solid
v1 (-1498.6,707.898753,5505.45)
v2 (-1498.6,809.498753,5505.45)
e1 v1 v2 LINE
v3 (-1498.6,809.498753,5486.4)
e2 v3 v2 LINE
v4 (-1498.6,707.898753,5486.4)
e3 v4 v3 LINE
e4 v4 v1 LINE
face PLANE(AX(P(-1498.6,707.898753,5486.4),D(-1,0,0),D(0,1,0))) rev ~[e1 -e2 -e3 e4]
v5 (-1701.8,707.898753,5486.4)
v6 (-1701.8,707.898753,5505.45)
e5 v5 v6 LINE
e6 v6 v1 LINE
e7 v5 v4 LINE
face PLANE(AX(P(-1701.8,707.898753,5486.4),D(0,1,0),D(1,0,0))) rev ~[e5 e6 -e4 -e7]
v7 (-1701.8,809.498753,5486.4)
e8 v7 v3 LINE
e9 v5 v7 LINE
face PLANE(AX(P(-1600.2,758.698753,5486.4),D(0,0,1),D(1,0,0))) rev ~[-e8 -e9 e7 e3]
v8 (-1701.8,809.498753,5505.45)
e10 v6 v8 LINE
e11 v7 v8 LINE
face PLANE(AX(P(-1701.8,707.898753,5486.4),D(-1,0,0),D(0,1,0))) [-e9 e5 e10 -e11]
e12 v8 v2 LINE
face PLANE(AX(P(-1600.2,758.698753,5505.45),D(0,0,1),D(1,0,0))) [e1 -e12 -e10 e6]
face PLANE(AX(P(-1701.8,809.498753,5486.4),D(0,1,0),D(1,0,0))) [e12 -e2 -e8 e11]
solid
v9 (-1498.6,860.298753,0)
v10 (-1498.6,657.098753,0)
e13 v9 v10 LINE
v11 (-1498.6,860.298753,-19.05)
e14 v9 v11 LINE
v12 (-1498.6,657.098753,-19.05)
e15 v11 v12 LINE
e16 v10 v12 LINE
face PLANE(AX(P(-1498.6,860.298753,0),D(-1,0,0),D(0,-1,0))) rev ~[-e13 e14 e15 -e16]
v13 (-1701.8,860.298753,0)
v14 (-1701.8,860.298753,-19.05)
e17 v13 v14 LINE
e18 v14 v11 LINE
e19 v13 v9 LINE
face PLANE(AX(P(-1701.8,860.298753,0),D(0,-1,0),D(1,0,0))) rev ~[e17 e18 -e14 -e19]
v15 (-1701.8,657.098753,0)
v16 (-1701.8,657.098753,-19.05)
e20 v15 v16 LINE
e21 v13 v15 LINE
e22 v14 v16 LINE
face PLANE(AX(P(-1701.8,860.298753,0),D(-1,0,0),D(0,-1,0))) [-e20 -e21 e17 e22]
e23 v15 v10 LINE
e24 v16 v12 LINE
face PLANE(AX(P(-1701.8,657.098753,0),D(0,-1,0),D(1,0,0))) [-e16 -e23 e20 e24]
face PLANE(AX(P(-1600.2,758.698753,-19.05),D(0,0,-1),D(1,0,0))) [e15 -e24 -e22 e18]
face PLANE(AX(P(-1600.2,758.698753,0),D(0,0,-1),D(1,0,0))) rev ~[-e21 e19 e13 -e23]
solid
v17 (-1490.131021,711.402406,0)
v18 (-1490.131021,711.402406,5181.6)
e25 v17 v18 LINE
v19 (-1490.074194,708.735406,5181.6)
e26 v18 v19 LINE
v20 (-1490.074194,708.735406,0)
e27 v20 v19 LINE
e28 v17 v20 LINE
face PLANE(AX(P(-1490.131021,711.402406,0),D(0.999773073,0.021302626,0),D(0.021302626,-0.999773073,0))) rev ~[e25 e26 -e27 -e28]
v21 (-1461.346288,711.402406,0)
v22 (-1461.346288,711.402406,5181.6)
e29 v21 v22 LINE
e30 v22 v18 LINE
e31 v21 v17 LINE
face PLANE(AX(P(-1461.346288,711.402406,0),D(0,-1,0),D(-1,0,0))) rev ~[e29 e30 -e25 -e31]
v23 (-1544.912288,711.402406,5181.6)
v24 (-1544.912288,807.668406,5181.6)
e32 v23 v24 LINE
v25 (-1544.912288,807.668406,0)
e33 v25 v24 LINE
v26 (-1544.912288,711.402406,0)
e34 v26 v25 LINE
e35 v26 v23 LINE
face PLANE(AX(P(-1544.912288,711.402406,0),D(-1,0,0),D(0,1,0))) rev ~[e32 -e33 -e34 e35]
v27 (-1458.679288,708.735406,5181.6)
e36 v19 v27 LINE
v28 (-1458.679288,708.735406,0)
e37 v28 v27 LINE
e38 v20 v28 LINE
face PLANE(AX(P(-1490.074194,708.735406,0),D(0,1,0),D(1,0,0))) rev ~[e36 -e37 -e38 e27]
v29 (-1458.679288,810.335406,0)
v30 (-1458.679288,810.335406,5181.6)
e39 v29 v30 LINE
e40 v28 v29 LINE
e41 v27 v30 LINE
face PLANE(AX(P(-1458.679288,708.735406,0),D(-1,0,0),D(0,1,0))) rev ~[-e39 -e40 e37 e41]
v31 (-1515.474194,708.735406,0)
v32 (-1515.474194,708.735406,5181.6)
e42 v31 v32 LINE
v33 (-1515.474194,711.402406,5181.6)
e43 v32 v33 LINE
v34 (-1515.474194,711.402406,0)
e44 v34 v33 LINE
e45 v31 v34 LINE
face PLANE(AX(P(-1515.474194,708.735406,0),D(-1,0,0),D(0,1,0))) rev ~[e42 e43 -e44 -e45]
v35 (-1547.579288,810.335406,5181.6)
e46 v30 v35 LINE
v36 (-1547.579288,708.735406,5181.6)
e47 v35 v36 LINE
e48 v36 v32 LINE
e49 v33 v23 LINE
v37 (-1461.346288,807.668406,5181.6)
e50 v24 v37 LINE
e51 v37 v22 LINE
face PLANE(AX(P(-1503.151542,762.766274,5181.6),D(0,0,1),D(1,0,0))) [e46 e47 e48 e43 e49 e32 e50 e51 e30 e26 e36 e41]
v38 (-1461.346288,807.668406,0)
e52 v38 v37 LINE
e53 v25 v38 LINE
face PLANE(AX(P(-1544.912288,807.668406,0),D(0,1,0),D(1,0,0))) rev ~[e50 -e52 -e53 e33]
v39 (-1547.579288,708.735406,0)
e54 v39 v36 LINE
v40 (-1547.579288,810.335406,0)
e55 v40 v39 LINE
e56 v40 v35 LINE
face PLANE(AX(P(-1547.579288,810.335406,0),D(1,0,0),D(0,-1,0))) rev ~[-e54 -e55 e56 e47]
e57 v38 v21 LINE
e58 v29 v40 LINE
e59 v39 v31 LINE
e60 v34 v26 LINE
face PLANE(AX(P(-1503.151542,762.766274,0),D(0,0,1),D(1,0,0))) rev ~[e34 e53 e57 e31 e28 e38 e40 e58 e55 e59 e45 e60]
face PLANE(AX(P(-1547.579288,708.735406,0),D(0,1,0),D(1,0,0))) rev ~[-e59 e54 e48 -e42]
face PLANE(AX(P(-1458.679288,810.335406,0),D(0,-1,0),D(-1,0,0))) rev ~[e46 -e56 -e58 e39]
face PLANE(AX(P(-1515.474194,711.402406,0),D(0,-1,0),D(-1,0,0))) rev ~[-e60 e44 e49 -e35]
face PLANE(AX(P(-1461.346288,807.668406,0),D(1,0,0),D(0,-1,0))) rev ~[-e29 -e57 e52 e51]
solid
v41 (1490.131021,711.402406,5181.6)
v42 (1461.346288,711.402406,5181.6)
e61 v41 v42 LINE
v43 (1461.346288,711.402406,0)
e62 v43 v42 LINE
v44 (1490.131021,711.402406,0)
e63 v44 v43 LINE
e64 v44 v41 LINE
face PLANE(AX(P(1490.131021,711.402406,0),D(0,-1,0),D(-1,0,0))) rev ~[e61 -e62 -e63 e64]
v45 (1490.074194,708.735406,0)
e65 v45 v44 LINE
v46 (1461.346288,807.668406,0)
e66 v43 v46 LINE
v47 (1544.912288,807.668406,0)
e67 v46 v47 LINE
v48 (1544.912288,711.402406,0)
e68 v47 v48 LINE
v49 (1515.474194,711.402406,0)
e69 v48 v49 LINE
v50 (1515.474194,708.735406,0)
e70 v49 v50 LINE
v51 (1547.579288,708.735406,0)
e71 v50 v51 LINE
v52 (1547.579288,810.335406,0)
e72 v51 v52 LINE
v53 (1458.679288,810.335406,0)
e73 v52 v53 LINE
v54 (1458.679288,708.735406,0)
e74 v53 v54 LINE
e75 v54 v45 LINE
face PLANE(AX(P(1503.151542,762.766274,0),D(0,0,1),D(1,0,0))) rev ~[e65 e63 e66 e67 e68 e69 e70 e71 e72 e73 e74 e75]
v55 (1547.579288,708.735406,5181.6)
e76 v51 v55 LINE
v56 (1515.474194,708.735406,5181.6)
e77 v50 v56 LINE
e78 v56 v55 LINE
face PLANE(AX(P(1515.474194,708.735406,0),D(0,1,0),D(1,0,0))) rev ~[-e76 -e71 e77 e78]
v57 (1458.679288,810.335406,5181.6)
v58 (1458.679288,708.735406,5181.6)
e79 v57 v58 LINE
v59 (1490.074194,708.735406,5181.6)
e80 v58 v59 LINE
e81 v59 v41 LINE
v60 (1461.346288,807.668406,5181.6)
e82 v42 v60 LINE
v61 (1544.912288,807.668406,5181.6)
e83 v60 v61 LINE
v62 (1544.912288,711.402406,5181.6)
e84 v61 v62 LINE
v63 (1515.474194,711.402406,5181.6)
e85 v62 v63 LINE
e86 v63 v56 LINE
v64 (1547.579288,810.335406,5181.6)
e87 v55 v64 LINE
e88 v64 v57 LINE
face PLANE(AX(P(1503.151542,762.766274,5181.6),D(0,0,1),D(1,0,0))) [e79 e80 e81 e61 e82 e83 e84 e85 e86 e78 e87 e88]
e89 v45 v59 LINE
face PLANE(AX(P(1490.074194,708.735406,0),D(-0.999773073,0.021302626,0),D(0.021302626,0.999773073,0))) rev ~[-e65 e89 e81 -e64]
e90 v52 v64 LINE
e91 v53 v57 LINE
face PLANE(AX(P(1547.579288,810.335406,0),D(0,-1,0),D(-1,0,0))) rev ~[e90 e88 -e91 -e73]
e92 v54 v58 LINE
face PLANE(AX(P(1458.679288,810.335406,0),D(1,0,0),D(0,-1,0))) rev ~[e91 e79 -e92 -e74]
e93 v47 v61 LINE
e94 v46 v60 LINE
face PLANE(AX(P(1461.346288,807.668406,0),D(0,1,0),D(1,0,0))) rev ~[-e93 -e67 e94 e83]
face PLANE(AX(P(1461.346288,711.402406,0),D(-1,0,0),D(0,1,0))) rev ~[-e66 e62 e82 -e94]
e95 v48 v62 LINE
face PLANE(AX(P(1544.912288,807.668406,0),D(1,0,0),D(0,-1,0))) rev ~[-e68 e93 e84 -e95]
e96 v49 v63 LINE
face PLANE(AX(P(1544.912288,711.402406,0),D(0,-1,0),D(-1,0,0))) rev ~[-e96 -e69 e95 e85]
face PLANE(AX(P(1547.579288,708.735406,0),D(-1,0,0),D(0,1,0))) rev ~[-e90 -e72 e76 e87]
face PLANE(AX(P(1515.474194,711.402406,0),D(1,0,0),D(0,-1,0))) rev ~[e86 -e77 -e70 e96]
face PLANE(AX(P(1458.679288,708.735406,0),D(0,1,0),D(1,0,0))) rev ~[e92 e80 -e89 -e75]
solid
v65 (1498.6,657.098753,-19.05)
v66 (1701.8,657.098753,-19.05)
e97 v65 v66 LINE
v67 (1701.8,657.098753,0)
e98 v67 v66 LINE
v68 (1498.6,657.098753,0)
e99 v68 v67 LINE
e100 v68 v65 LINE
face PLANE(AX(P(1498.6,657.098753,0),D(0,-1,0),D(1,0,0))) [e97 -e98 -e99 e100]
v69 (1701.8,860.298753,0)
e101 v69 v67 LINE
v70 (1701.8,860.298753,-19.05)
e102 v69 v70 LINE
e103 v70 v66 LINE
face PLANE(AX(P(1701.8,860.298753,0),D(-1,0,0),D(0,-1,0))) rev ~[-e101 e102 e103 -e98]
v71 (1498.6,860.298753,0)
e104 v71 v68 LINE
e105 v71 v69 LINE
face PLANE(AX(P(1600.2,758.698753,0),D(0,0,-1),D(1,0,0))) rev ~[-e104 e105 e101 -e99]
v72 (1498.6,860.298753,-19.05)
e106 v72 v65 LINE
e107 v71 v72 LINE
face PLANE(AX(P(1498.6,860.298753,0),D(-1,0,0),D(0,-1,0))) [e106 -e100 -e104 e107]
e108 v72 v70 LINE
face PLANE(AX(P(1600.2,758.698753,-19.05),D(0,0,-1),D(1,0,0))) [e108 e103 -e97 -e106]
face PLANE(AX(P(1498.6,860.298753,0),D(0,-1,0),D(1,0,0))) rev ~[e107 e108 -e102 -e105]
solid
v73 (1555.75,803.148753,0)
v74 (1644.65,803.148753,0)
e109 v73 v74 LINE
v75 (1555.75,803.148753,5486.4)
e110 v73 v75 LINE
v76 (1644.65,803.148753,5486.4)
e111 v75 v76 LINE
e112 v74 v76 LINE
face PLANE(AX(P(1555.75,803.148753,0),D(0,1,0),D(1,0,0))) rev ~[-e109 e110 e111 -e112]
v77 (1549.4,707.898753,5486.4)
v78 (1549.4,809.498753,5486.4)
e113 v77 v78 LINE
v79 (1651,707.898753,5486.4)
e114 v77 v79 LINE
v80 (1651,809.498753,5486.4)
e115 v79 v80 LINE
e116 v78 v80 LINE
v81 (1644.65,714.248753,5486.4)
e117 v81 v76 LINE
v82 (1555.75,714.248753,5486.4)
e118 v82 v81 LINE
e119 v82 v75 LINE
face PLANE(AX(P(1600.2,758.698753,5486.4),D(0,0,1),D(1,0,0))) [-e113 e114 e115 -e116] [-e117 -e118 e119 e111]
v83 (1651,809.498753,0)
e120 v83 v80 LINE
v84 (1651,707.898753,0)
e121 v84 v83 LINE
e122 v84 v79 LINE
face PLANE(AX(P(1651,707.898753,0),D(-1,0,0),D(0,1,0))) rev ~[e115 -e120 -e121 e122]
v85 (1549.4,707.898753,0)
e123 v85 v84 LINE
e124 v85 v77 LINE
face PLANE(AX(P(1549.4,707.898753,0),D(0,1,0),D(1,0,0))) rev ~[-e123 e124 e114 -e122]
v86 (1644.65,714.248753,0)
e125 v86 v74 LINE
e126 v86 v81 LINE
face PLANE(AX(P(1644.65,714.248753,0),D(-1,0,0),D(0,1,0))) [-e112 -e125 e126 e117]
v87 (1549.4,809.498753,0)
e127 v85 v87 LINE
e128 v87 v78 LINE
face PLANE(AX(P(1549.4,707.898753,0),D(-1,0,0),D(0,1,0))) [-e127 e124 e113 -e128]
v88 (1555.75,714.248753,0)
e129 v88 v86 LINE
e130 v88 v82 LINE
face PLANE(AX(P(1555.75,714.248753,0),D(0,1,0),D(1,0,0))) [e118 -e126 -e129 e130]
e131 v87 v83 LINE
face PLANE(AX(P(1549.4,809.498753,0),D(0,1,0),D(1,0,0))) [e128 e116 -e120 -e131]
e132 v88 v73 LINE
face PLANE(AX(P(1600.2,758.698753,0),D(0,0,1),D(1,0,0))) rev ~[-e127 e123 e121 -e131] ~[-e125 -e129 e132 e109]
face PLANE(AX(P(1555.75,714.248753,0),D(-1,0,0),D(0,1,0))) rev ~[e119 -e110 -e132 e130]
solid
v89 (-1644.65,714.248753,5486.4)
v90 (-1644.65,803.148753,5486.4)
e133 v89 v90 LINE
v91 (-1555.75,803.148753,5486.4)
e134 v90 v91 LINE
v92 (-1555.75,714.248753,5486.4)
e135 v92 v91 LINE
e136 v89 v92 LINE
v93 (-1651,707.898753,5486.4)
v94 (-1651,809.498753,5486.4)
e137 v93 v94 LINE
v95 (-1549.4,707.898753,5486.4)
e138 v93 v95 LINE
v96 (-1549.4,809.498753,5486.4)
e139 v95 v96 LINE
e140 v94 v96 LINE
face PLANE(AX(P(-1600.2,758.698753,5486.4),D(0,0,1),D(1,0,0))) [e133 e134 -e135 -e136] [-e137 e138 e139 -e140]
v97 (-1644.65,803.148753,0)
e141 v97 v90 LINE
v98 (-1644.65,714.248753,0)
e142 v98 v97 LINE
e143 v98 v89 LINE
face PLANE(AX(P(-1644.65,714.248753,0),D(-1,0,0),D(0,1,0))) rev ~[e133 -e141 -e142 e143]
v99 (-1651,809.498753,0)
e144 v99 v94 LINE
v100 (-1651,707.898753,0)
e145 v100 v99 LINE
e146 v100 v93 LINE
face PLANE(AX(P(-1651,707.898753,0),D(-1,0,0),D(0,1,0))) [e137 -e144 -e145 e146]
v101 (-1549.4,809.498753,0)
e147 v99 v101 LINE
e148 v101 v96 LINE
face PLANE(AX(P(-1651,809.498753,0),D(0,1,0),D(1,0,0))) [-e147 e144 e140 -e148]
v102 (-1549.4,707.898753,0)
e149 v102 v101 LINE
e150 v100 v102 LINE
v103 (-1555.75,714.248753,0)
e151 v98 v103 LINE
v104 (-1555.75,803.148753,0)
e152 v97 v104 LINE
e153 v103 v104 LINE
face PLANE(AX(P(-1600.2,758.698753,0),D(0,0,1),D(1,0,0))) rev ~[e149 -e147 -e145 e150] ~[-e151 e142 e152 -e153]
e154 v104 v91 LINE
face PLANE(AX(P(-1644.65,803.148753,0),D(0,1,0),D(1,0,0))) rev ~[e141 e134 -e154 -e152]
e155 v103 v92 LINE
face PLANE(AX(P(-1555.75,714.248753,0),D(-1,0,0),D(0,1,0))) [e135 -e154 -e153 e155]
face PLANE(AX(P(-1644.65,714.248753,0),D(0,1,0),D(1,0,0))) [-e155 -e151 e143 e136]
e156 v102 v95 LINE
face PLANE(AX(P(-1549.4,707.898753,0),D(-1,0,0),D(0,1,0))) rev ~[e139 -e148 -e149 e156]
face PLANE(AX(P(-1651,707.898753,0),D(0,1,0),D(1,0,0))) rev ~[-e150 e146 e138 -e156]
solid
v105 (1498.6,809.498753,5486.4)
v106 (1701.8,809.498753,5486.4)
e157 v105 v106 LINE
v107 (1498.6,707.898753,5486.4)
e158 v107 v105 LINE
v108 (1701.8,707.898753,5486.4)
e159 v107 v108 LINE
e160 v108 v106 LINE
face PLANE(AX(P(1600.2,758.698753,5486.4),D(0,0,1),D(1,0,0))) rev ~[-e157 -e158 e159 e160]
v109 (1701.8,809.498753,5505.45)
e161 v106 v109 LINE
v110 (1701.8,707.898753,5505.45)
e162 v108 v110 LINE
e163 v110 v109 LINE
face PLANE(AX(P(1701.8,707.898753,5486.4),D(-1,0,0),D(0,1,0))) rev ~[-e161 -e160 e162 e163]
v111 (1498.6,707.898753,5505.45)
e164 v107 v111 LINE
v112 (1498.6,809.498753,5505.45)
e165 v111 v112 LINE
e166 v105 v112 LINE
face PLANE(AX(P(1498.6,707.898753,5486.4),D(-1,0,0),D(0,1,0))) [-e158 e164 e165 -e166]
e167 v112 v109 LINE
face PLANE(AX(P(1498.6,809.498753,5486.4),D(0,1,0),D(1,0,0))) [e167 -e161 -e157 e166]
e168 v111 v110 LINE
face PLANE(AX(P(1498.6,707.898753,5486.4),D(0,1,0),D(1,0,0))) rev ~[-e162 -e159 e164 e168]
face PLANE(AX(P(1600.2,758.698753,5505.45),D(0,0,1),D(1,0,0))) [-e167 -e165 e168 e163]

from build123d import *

# Parameters (mm, degrees)
F0_W     = 101.6
F0_H     = 101.6
F0_W_2   = 88.9
F0_H_2   = 88.9
F1_DEPTH = 5486.4
F2_W     = 203.2
F2_H     = 203.2
F3_DEPTH = 19.05
F4_W     = 203.2
F4_H     = 101.6
F5_DEPTH = 19.05
F7_DEPTH = 5181.6


with BuildPart() as f1:
    # F0 (on Top) → F1 (new body)
    with BuildSketch(Plane.XY):
        with Locations((-1600.2, 758.698753)):
            Rectangle(F0_W, F0_H)
        with Locations((-1600.2, 758.698753)):
            Rectangle(F0_W_2, F0_H_2, mode=Mode.SUBTRACT)
        with Locations((1600.2, 758.698753)):
            Rectangle(F0_W, F0_H)
        with Locations((1600.2, 758.698753)):
            Rectangle(F0_W_2, F0_H_2, mode=Mode.SUBTRACT)
    extrude(amount=F1_DEPTH)


with BuildPart() as f3:
    # F2 (on face) → F3 (new body)
    with BuildSketch(Plane(origin=(0, 0, 0), x_dir=(1, 0, 0), z_dir=(0, 0, -1))):
        with Locations((-1600.2, -758.698753)):
            Rectangle(F2_W, F2_H)
        with Locations((1600.2, -758.698753)):
            Rectangle(F2_W, F2_H)
    extrude(amount=F3_DEPTH)


with BuildPart() as f5:
    # F4 (on face) → F5 (new body)
    with BuildSketch(Plane.XY.offset(5486.4)):
        with Locations((-1600.2, 758.698753)):
            Rectangle(F4_W, F4_H)
        with Locations((1600.2, 758.698753)):
            Rectangle(F4_W, F4_H)
    extrude(amount=F5_DEPTH)


with BuildPart() as f7:
    # F6 (on face) → F7 (new body)
    with BuildSketch(Plane.XY):
        Polygon((-1547.579288, 810.335406), (-1547.579288, 708.735406), (-1515.474194, 708.735406), (-1515.474194, 711.402406), (-1544.912288, 711.402406), (-1544.912288, 807.668406), (-1461.346288, 807.668406), (-1461.346288, 711.402406), (-1490.131021, 711.402406), (-1490.074194, 708.735406), (-1458.679288, 708.735406), (-1458.679288, 810.335406), align=None)
        Polygon((1490.074194, 708.735406), (1490.131021, 711.402406), (1461.346288, 711.402406), (1461.346288, 807.668406), (1544.912288, 807.668406), (1544.912288, 711.402406), (1515.474194, 711.402406), (1515.474194, 708.735406), (1547.579288, 708.735406), (1547.579288, 810.335406), (1458.679288, 810.335406), (1458.679288, 708.735406), align=None)
    extrude(amount=F7_DEPTH)


solid = Compound([f1.part, f3.part, f5.part, f7.part])
